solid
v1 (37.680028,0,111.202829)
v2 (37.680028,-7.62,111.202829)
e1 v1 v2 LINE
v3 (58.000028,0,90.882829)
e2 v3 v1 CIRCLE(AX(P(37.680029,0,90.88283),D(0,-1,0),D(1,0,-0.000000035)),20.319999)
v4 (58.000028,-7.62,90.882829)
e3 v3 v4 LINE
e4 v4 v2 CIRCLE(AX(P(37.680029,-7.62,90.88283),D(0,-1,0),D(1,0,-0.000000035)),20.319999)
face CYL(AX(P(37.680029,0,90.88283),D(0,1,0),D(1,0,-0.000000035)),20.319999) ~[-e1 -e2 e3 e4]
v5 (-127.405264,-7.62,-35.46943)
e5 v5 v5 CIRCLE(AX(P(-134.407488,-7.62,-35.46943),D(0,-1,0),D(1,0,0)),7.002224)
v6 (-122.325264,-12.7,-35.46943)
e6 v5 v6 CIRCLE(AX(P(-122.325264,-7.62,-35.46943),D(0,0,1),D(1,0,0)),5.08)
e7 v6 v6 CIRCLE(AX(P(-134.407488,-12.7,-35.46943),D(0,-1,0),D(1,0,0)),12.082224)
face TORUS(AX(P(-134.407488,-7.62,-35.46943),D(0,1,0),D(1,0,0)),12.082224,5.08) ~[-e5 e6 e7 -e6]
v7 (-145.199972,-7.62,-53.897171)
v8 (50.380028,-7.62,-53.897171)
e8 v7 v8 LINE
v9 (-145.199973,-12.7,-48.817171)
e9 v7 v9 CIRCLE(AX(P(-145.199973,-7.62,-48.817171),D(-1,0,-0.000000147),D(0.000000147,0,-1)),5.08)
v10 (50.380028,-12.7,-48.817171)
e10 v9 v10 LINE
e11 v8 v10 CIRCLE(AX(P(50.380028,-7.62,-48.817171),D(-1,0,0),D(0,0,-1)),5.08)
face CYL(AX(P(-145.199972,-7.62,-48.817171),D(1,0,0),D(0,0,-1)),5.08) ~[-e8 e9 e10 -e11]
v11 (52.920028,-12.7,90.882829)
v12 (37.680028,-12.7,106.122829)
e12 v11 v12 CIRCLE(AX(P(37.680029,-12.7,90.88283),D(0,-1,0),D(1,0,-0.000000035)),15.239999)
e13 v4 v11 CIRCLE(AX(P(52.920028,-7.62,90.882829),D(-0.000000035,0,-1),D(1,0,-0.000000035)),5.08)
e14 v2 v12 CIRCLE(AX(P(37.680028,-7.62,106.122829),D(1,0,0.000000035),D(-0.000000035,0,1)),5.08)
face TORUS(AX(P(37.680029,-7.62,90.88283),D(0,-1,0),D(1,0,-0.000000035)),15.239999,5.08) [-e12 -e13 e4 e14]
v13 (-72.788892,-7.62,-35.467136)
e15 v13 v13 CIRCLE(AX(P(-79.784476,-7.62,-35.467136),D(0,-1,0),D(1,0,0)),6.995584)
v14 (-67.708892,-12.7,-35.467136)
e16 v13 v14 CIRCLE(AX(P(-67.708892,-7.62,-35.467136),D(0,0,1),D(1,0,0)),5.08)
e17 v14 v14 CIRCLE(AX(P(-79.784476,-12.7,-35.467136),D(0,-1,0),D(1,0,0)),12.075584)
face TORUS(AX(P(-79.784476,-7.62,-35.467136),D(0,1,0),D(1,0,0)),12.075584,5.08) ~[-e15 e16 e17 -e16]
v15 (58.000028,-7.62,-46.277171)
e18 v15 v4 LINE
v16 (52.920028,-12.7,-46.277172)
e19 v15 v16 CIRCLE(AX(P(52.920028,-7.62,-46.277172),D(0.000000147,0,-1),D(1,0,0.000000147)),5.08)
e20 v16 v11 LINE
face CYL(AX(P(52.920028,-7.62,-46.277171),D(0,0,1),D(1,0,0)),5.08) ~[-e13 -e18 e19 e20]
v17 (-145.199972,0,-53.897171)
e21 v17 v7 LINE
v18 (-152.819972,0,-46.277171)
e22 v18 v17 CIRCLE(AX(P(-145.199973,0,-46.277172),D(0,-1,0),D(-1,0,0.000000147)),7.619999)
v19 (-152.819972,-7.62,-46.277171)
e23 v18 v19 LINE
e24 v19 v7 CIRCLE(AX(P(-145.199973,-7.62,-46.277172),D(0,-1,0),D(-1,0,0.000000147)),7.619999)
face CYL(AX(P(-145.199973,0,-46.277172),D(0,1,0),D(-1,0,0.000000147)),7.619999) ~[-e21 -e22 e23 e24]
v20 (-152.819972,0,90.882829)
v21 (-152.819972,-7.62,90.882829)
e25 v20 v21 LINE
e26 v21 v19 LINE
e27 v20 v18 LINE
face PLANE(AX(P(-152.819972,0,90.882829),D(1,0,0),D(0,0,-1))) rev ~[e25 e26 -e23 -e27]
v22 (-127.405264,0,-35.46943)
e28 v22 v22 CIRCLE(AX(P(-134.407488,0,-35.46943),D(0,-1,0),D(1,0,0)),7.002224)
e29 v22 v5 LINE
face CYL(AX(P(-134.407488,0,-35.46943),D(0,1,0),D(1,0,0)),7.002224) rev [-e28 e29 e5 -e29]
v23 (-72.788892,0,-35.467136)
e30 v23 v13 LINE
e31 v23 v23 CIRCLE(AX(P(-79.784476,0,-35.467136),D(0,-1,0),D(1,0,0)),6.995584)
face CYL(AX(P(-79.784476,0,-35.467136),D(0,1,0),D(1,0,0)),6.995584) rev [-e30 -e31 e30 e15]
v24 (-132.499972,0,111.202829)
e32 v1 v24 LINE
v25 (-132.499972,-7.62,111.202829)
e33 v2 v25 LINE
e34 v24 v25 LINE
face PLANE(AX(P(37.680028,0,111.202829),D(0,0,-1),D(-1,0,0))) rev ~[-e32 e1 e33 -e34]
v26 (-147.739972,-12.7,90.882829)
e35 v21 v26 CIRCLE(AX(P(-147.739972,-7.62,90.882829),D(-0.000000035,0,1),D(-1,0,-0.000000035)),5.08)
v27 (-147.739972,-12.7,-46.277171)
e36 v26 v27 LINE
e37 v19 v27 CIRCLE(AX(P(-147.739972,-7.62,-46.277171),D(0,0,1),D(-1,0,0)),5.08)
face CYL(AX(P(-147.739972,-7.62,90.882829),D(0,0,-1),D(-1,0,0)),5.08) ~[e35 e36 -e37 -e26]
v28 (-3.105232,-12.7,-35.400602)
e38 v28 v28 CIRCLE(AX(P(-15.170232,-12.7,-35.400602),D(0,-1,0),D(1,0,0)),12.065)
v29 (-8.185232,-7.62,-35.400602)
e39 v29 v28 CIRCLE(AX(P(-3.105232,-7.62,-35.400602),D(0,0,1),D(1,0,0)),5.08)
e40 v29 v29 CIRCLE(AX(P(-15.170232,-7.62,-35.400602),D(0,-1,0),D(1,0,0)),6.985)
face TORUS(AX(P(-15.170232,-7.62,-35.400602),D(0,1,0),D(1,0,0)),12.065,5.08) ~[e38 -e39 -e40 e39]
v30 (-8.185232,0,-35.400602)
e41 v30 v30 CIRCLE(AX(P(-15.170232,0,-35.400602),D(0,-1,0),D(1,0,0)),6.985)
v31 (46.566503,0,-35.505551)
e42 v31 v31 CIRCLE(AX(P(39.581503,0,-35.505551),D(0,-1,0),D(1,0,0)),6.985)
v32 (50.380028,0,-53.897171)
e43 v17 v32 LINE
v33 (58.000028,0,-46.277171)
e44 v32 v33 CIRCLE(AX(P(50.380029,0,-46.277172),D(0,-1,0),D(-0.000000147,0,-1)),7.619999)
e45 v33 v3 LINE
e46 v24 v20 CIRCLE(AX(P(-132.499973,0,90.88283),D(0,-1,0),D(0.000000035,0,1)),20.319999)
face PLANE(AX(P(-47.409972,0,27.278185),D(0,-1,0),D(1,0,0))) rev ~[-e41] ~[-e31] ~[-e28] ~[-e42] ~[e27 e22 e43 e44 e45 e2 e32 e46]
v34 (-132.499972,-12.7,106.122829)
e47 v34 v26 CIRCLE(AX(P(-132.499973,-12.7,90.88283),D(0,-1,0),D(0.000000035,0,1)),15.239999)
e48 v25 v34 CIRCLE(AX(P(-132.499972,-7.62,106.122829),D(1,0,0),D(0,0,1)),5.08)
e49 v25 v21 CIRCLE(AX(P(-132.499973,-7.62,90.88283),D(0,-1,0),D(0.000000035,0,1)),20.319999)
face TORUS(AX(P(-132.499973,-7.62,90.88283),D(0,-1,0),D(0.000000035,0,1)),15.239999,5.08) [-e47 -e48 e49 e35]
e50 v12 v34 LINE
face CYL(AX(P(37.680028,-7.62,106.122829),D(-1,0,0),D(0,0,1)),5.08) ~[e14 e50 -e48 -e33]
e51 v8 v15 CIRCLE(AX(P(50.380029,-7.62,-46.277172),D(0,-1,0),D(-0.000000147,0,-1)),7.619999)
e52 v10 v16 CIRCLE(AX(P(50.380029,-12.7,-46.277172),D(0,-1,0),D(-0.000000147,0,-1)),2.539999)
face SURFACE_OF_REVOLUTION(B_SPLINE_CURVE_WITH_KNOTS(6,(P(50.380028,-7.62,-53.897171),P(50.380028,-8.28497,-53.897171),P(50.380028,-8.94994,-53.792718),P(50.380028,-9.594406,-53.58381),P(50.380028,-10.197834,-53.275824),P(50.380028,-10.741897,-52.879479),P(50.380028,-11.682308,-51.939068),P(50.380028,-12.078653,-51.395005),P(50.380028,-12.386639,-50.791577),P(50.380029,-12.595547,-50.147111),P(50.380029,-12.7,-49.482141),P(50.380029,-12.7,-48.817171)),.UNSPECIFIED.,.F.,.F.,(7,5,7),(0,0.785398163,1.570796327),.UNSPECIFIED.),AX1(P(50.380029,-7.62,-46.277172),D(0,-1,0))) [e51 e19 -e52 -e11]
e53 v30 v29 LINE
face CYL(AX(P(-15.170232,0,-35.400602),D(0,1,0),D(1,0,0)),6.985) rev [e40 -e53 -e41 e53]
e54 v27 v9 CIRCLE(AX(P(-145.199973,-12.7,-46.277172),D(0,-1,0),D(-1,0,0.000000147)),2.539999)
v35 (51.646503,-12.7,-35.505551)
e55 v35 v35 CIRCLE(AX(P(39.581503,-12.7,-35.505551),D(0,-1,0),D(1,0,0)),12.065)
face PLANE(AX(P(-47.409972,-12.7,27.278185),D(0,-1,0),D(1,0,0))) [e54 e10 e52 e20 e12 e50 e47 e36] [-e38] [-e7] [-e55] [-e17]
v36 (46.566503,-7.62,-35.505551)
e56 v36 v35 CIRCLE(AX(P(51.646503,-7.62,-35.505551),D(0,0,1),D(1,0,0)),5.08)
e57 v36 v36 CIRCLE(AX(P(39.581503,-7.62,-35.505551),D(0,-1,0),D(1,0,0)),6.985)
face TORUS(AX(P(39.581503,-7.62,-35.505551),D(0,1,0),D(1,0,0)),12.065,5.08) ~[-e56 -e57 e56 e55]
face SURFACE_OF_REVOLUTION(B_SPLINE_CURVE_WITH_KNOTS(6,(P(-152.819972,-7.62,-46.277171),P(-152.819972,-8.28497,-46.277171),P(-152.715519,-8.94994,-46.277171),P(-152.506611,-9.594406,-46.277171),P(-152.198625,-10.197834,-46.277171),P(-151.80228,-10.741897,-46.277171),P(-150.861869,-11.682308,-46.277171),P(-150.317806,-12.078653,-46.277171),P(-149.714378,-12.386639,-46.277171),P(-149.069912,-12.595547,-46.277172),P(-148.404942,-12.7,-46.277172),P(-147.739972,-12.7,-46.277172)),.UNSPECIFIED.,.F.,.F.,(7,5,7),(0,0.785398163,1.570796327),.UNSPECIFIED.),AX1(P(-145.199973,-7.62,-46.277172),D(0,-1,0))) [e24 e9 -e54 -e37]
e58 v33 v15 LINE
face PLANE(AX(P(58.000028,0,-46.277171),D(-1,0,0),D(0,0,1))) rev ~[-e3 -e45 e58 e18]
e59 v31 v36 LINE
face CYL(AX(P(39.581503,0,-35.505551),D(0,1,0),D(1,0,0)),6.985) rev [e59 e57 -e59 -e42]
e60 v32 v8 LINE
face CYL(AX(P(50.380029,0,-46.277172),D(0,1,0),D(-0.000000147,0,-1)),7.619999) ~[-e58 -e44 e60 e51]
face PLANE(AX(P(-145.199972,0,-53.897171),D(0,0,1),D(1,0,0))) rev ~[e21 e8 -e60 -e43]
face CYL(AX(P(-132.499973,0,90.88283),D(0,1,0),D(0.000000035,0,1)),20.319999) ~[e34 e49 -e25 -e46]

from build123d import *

# Parameters (mm, degrees)
F0_R     = 7.002224
F0_R_2   = 6.995584
F0_R_3   = 6.985
F1_DEPTH = 12.7
F2_R     = 5.08


with BuildPart() as f1:
    # F0 (on Front) → F1 (new body)
    with BuildSketch(Plane.XZ):
        with BuildLine():
            Line((37.680028, 111.202829), (-132.499972, 111.202829))
            ThreePointArc((-132.499972, 111.202829), (-146.868382, 105.251239), (-152.819972, 90.882829))
            Line((-152.819972, 90.882829), (-152.819972, -46.277171))
            ThreePointArc((-152.819972, -46.277171), (-150.588126, -51.665325), (-145.199972, -53.897171))
            Line((-145.199972, -53.897171), (-55.029972, -53.897171))
            Line((-55.029972, -53.897171), (-39.789972, -53.897171))
            Line((-39.789972, -53.897171), (50.380028, -53.897171))
            ThreePointArc((50.380028, -53.897171), (55.768182, -51.665325), (58.000028, -46.277171))
            Line((58.000028, -46.277171), (58.000028, 90.882829))
            ThreePointArc((58.000028, 90.882829), (52.048438, 105.251239), (37.680028, 111.202829))
        make_face()
        with Locations((-134.407488, -35.46943)):
            Circle(F0_R, mode=Mode.SUBTRACT)
        with Locations((-79.784476, -35.467136)):
            Circle(F0_R_2, mode=Mode.SUBTRACT)
        with Locations((-15.170232, -35.400602)):
            Circle(F0_R_3, mode=Mode.SUBTRACT)
        with Locations((39.581503, -35.505551)):
            Circle(F0_R_3, mode=Mode.SUBTRACT)
    extrude(amount=F1_DEPTH)

    # F2
    f2_edges = [f1.edges().sort_by_distance(p)[0] for p in [
        (52.048438, -12.7, 105.251239),
        (-47.409972, -12.7, 111.202829),
        (-146.868382, -12.7, 105.251239),
        (-152.819972, -12.7, 22.302829),
        (-150.588126, -12.7, -51.665325),
        (-47.409972, -12.7, -53.897171),
        (55.768182, -12.7, -51.665325),
        (58.000028, -12.7, 22.302829),
        (-141.409712, -12.7, -35.46943),
        (-86.78006, -12.7, -35.467136),
        (-22.155232, -12.7, -35.400602),
        (32.596503, -12.7, -35.505551),
    ]]
    fillet(f2_edges, radius=F2_R)


solid = f1.part
